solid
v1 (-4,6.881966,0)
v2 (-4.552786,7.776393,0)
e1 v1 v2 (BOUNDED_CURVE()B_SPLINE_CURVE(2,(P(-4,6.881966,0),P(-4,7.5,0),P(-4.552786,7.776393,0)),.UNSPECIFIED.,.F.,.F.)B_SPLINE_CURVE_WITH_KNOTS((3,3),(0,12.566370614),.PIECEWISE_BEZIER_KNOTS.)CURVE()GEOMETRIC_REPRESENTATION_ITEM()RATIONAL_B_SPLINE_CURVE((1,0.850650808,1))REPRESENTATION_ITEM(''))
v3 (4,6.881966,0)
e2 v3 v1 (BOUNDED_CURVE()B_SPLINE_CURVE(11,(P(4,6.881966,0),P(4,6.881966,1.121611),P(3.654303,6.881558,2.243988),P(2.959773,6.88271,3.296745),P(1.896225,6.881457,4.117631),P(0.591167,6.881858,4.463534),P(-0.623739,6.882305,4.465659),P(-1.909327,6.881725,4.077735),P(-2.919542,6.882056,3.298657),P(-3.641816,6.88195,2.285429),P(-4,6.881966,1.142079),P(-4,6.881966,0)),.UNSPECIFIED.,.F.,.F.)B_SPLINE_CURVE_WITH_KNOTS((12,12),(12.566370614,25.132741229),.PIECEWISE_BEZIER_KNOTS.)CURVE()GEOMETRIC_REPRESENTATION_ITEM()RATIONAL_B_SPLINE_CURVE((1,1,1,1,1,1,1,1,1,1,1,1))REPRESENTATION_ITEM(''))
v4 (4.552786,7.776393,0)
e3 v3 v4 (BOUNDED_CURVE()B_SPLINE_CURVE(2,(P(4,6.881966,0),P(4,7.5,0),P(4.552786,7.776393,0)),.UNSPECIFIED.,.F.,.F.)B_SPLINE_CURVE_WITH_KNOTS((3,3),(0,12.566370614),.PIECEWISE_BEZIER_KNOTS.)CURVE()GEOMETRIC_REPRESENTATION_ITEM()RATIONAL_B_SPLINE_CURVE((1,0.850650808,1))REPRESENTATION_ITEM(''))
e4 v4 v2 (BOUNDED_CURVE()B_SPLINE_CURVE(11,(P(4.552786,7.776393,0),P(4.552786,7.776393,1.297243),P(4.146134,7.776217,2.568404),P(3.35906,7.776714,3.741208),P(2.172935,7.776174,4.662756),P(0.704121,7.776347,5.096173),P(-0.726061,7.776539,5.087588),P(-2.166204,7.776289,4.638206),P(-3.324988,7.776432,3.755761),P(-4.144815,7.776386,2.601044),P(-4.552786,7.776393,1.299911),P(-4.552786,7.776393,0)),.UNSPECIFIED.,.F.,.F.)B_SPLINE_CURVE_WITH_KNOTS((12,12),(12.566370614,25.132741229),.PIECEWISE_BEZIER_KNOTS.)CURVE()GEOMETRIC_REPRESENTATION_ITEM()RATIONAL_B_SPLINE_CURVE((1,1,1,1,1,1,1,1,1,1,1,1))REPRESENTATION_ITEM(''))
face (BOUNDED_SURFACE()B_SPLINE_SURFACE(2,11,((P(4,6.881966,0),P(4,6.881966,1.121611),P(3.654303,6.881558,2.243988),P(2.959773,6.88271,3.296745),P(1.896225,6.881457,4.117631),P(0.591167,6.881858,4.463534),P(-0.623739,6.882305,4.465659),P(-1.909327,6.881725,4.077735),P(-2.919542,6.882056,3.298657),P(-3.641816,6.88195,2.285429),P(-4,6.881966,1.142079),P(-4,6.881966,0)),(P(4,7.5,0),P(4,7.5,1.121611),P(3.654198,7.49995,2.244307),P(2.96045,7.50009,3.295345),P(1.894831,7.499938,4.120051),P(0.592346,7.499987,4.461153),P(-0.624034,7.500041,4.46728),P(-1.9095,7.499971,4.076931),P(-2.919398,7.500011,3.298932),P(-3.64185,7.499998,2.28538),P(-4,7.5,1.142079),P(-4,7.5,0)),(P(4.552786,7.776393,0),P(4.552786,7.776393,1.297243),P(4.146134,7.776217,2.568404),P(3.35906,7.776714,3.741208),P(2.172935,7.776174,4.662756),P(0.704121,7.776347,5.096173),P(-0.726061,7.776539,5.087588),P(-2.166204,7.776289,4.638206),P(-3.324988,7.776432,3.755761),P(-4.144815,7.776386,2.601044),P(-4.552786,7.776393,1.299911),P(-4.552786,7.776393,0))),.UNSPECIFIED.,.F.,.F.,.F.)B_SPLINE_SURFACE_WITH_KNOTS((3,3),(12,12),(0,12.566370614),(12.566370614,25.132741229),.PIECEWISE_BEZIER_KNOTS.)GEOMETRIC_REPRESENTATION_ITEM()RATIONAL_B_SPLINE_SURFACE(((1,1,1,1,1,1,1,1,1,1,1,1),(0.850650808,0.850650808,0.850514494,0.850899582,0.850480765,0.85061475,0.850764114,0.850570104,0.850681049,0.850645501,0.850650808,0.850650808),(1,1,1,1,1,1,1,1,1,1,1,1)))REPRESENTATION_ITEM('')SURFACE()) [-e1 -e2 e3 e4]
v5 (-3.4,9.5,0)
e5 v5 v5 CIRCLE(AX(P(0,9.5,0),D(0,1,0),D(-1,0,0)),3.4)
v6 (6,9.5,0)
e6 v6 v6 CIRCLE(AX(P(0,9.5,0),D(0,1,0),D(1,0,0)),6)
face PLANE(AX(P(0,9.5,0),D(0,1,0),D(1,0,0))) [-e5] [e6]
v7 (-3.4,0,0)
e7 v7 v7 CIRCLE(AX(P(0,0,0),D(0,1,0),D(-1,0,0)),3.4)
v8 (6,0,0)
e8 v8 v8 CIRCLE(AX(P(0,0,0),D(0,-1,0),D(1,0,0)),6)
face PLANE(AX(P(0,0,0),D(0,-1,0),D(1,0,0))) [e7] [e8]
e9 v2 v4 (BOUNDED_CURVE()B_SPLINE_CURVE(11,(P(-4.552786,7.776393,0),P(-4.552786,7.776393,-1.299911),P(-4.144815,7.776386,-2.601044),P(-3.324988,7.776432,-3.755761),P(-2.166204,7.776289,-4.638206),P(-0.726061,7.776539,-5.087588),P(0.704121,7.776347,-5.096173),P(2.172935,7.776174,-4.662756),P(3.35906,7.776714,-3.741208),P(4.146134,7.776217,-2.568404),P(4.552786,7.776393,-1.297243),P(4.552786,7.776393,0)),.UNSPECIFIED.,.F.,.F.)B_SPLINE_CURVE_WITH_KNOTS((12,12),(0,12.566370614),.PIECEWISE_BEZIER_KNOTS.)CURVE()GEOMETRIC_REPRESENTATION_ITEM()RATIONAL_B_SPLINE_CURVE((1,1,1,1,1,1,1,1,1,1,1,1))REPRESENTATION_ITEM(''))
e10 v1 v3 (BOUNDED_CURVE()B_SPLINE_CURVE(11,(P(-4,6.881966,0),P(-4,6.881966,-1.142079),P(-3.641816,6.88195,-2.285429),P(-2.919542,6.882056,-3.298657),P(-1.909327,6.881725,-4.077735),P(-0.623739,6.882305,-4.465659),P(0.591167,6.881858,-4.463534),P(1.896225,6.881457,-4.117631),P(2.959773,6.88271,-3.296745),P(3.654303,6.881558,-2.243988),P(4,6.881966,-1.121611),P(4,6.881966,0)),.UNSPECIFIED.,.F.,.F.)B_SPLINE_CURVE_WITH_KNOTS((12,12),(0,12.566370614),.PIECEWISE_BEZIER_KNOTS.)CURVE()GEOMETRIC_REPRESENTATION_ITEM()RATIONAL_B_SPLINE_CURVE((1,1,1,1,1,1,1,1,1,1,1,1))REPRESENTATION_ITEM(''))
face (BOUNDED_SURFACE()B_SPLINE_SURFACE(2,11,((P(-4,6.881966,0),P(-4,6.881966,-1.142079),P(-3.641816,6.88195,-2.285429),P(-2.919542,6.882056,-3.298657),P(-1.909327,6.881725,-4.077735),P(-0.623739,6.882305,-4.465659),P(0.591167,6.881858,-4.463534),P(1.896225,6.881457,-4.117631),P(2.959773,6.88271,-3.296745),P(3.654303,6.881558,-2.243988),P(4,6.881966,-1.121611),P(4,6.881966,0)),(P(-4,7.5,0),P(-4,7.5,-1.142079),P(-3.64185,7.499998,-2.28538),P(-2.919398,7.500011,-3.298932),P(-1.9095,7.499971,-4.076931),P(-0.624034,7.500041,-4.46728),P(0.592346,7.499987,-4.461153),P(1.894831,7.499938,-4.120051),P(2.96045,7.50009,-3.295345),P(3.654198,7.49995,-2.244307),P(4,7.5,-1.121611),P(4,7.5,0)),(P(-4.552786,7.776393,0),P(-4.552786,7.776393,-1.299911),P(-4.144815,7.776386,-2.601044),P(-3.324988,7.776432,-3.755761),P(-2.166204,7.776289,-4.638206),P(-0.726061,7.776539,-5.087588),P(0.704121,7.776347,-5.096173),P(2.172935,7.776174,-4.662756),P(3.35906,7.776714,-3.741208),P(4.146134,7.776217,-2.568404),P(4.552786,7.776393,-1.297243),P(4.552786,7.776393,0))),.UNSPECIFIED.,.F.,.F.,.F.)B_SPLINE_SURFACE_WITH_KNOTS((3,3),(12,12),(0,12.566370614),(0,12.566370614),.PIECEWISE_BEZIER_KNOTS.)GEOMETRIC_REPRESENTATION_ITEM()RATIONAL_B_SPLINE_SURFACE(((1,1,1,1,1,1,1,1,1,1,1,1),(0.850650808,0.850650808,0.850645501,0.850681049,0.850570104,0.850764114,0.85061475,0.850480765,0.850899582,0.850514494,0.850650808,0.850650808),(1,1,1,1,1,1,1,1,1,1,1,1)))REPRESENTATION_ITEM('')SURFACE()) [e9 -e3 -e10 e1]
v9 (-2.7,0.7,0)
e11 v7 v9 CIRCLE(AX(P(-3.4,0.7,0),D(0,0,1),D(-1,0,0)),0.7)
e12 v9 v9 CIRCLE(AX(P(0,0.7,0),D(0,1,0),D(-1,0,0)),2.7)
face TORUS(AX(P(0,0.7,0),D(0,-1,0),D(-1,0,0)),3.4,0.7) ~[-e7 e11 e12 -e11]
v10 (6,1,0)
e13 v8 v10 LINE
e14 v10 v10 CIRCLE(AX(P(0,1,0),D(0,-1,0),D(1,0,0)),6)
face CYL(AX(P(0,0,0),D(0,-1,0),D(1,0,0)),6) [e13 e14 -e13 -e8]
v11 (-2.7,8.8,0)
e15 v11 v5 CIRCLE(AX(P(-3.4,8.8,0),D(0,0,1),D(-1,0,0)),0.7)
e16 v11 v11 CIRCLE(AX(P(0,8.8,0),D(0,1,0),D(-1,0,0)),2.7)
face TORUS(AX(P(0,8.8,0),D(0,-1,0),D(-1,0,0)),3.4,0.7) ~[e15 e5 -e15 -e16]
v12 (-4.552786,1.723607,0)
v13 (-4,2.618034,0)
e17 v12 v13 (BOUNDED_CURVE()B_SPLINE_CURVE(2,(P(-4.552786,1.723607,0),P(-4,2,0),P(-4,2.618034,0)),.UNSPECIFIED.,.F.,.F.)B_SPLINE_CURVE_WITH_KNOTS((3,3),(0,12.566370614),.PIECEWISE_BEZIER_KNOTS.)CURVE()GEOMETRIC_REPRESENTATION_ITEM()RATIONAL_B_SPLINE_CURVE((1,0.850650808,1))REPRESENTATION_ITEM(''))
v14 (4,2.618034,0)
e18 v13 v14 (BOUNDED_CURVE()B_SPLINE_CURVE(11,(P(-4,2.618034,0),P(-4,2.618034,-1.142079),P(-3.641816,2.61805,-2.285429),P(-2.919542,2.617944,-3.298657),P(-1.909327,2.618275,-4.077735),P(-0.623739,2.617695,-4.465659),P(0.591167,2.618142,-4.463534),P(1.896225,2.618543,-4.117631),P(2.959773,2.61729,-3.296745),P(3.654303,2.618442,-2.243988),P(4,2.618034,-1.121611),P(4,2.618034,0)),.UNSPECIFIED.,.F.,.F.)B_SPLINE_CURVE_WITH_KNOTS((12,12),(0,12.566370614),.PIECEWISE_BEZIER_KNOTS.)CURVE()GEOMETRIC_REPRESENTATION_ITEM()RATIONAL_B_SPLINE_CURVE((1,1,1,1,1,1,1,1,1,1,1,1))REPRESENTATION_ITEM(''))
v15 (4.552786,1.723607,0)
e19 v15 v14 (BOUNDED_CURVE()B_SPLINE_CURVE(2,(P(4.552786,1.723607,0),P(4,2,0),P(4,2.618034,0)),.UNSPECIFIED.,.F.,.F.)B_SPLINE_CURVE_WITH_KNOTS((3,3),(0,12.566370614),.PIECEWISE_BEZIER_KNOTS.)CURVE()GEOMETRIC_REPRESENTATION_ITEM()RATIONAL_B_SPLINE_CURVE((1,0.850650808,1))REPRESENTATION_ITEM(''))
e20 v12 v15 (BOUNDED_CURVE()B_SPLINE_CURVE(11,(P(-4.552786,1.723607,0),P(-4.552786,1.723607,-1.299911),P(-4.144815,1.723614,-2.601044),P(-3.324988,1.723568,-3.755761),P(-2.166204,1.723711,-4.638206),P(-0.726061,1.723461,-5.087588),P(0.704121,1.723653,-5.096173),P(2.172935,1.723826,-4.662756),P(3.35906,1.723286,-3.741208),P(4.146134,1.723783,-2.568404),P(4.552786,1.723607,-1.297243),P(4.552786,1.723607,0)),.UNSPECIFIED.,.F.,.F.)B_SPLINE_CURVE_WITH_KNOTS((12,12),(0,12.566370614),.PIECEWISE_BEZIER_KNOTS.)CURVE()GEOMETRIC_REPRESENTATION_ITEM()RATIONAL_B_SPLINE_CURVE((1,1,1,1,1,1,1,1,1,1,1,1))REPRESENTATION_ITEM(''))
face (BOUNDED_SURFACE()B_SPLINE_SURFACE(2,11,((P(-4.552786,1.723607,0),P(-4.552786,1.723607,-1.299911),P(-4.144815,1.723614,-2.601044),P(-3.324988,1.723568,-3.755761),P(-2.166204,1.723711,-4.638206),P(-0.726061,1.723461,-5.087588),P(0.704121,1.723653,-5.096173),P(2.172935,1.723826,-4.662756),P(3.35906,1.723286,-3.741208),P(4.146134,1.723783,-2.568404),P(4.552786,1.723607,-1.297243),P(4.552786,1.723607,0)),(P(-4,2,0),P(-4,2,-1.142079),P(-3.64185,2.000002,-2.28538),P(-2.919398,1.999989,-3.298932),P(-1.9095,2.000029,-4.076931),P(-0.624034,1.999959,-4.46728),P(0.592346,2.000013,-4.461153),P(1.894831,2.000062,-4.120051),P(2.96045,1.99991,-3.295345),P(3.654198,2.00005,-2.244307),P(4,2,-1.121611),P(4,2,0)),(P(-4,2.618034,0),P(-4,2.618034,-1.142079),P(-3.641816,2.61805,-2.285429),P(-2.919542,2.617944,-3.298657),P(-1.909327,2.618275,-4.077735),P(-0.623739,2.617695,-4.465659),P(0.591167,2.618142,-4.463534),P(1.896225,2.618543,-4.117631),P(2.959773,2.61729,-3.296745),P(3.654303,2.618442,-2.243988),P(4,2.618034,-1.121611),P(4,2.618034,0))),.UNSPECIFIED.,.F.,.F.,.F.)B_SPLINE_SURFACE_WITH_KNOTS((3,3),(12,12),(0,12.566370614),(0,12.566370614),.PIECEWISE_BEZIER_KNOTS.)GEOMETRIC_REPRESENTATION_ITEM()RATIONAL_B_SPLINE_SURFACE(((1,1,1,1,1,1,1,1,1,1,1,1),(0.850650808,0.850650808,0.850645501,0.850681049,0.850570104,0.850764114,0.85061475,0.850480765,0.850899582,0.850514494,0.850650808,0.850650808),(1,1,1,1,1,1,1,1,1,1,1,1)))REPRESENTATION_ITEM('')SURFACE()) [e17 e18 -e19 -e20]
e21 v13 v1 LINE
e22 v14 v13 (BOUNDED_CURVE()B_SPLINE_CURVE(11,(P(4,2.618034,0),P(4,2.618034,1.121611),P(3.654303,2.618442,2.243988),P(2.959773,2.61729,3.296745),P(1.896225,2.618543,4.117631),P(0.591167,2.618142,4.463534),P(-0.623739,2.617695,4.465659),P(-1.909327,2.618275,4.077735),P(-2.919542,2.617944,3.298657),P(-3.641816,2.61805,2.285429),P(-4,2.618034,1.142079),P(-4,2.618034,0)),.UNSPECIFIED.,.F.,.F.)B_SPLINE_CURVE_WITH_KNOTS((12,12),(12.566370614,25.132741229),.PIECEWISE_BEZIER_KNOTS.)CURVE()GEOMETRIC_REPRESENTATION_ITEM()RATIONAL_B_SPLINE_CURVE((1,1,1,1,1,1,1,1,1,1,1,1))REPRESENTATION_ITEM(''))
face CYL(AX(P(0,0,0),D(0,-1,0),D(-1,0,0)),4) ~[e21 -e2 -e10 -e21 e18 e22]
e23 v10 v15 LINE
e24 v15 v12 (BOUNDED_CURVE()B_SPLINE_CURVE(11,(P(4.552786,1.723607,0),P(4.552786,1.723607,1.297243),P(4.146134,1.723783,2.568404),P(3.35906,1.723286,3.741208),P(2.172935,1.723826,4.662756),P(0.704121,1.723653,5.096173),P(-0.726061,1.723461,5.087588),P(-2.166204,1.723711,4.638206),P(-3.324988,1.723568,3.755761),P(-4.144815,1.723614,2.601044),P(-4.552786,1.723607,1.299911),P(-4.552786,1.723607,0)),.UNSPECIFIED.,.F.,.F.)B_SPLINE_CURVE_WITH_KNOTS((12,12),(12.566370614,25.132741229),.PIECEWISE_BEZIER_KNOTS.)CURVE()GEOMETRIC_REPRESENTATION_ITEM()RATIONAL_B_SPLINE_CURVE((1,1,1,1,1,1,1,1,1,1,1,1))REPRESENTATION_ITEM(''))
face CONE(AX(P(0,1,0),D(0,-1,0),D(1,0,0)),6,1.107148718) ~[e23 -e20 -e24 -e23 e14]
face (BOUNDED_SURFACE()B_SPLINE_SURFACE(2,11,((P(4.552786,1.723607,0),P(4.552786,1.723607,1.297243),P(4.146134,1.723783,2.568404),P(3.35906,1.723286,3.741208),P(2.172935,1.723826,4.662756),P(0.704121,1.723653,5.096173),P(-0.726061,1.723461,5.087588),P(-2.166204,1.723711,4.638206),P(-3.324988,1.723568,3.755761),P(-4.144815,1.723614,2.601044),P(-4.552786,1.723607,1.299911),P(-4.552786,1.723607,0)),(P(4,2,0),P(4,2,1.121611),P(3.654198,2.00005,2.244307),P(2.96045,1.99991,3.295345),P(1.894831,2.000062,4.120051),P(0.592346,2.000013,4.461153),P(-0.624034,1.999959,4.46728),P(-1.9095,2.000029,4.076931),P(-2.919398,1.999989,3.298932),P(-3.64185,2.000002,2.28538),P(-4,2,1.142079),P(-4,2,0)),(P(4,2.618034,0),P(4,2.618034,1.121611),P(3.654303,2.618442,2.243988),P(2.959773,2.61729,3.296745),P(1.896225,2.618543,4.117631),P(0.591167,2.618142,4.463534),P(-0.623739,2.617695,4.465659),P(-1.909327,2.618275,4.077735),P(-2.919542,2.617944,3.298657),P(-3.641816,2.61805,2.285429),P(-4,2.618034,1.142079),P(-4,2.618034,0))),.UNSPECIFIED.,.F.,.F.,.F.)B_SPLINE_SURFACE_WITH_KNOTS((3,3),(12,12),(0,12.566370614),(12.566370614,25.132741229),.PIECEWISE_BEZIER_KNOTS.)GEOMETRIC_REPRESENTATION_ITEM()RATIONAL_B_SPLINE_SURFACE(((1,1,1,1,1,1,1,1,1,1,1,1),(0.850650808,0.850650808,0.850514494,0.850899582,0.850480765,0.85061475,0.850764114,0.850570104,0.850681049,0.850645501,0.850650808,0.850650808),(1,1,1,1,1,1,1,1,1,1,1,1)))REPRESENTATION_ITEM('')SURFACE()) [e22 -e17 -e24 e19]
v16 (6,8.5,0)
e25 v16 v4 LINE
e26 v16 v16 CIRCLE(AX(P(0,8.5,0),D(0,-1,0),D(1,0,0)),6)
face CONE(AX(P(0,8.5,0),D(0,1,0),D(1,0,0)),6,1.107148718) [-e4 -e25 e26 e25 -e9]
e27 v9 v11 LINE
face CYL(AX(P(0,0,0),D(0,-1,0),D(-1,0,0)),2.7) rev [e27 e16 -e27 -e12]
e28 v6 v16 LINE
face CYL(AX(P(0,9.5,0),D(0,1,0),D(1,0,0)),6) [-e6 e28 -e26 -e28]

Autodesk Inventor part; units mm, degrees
ref_plane "YZ Plane" through (0, 0, 0) normal (1, 0, 0) x (0, 1, 0)
ref_plane "XZ Plane" through (0, 0, 0) normal (0, 1, 0) x (-1, 0, 0)
ref_plane "XY Plane" through (0, 0, 0) normal (0, 0, 1) x (1, 0, 0)
sketch "Эскиз1" plane through (0, 0, 0) normal (0, 1, 0) x (-1, 0, 0)
  circle A0 centre (0, 0) radius 2.7
  circle A1 centre (0, 0) radius 4
  dimension "d13" = 5.4
  dimension "d14" = 8
extrude "Выдавливание1" add sketch "Эскиз1" along normal blind 9.5
sketch "Эскиз2" plane through (0, 9.5, 0) normal (0, 1, 0) x (1, 0, 0)
  circle A0 centre (0, 0) radius 1.6
  circle A1 centre (0, 0) radius 6
  circle A2 centre (0, 0) radius 2.7
  dimension "d15" = 12
extrude "Выдавливание2" add sketch "Эскиз2" against normal blind 2 contours A1
sketch "Эскиз3" plane through (0, 0, 0) normal (0, -1, 0) x (1, 0, 0)
  circle A0 centre (0, 0) radius 2.7
  circle A1 centre (0, 0) radius 6
extrude "Выдавливание3" add sketch "Эскиз3" against normal blind 2
sketch "Эскиз4" plane through (0, 0, 0) normal (0, 0, 1) x (1, 0, 0)
  line L0 (-2.7, 9.5) -> (2.7, 9.5) projected
  line L1 (0, 9.5) -> (0, 0)
  line L2 (6, 9.5) -> (6, 7.5) projected
  line L3 (-4, 7.5) -> (4, 7.5) projected
  line L4 (6, 8.5) -> (4, 7.5)
  line L5 (6, 8.5) -> (6, 7.5)
  line L6 (-6, 7.5) -> (6, 7.5) projected
  line L7 (4, 7.5) -> (6, 7.5)
  line L8 (6, 0) -> (6, 2) projected
  line L9 (6, 1) -> (4, 2)
  line L10 (4, 2) -> (6, 2)
  line L11 (6, 1) -> (6, 2)
  point P0 (5.5, 0)
revolve "Вращение1" cut sketch "Эскиз4" angle 360 about axis through (0, 9.5, 0) along (0, -1, 0)
fillet "Сопряжение1" radius 1 4 edges at (0, 7.5, -4) (0, 7.5, 4) (0, 2, -4) (0, 2, 4)
fillet "Сопряжение2" radius 0.7 2 edges at (2.7, 0, 0) (2.7, 9.5, 0)
properties part number "rolik"
